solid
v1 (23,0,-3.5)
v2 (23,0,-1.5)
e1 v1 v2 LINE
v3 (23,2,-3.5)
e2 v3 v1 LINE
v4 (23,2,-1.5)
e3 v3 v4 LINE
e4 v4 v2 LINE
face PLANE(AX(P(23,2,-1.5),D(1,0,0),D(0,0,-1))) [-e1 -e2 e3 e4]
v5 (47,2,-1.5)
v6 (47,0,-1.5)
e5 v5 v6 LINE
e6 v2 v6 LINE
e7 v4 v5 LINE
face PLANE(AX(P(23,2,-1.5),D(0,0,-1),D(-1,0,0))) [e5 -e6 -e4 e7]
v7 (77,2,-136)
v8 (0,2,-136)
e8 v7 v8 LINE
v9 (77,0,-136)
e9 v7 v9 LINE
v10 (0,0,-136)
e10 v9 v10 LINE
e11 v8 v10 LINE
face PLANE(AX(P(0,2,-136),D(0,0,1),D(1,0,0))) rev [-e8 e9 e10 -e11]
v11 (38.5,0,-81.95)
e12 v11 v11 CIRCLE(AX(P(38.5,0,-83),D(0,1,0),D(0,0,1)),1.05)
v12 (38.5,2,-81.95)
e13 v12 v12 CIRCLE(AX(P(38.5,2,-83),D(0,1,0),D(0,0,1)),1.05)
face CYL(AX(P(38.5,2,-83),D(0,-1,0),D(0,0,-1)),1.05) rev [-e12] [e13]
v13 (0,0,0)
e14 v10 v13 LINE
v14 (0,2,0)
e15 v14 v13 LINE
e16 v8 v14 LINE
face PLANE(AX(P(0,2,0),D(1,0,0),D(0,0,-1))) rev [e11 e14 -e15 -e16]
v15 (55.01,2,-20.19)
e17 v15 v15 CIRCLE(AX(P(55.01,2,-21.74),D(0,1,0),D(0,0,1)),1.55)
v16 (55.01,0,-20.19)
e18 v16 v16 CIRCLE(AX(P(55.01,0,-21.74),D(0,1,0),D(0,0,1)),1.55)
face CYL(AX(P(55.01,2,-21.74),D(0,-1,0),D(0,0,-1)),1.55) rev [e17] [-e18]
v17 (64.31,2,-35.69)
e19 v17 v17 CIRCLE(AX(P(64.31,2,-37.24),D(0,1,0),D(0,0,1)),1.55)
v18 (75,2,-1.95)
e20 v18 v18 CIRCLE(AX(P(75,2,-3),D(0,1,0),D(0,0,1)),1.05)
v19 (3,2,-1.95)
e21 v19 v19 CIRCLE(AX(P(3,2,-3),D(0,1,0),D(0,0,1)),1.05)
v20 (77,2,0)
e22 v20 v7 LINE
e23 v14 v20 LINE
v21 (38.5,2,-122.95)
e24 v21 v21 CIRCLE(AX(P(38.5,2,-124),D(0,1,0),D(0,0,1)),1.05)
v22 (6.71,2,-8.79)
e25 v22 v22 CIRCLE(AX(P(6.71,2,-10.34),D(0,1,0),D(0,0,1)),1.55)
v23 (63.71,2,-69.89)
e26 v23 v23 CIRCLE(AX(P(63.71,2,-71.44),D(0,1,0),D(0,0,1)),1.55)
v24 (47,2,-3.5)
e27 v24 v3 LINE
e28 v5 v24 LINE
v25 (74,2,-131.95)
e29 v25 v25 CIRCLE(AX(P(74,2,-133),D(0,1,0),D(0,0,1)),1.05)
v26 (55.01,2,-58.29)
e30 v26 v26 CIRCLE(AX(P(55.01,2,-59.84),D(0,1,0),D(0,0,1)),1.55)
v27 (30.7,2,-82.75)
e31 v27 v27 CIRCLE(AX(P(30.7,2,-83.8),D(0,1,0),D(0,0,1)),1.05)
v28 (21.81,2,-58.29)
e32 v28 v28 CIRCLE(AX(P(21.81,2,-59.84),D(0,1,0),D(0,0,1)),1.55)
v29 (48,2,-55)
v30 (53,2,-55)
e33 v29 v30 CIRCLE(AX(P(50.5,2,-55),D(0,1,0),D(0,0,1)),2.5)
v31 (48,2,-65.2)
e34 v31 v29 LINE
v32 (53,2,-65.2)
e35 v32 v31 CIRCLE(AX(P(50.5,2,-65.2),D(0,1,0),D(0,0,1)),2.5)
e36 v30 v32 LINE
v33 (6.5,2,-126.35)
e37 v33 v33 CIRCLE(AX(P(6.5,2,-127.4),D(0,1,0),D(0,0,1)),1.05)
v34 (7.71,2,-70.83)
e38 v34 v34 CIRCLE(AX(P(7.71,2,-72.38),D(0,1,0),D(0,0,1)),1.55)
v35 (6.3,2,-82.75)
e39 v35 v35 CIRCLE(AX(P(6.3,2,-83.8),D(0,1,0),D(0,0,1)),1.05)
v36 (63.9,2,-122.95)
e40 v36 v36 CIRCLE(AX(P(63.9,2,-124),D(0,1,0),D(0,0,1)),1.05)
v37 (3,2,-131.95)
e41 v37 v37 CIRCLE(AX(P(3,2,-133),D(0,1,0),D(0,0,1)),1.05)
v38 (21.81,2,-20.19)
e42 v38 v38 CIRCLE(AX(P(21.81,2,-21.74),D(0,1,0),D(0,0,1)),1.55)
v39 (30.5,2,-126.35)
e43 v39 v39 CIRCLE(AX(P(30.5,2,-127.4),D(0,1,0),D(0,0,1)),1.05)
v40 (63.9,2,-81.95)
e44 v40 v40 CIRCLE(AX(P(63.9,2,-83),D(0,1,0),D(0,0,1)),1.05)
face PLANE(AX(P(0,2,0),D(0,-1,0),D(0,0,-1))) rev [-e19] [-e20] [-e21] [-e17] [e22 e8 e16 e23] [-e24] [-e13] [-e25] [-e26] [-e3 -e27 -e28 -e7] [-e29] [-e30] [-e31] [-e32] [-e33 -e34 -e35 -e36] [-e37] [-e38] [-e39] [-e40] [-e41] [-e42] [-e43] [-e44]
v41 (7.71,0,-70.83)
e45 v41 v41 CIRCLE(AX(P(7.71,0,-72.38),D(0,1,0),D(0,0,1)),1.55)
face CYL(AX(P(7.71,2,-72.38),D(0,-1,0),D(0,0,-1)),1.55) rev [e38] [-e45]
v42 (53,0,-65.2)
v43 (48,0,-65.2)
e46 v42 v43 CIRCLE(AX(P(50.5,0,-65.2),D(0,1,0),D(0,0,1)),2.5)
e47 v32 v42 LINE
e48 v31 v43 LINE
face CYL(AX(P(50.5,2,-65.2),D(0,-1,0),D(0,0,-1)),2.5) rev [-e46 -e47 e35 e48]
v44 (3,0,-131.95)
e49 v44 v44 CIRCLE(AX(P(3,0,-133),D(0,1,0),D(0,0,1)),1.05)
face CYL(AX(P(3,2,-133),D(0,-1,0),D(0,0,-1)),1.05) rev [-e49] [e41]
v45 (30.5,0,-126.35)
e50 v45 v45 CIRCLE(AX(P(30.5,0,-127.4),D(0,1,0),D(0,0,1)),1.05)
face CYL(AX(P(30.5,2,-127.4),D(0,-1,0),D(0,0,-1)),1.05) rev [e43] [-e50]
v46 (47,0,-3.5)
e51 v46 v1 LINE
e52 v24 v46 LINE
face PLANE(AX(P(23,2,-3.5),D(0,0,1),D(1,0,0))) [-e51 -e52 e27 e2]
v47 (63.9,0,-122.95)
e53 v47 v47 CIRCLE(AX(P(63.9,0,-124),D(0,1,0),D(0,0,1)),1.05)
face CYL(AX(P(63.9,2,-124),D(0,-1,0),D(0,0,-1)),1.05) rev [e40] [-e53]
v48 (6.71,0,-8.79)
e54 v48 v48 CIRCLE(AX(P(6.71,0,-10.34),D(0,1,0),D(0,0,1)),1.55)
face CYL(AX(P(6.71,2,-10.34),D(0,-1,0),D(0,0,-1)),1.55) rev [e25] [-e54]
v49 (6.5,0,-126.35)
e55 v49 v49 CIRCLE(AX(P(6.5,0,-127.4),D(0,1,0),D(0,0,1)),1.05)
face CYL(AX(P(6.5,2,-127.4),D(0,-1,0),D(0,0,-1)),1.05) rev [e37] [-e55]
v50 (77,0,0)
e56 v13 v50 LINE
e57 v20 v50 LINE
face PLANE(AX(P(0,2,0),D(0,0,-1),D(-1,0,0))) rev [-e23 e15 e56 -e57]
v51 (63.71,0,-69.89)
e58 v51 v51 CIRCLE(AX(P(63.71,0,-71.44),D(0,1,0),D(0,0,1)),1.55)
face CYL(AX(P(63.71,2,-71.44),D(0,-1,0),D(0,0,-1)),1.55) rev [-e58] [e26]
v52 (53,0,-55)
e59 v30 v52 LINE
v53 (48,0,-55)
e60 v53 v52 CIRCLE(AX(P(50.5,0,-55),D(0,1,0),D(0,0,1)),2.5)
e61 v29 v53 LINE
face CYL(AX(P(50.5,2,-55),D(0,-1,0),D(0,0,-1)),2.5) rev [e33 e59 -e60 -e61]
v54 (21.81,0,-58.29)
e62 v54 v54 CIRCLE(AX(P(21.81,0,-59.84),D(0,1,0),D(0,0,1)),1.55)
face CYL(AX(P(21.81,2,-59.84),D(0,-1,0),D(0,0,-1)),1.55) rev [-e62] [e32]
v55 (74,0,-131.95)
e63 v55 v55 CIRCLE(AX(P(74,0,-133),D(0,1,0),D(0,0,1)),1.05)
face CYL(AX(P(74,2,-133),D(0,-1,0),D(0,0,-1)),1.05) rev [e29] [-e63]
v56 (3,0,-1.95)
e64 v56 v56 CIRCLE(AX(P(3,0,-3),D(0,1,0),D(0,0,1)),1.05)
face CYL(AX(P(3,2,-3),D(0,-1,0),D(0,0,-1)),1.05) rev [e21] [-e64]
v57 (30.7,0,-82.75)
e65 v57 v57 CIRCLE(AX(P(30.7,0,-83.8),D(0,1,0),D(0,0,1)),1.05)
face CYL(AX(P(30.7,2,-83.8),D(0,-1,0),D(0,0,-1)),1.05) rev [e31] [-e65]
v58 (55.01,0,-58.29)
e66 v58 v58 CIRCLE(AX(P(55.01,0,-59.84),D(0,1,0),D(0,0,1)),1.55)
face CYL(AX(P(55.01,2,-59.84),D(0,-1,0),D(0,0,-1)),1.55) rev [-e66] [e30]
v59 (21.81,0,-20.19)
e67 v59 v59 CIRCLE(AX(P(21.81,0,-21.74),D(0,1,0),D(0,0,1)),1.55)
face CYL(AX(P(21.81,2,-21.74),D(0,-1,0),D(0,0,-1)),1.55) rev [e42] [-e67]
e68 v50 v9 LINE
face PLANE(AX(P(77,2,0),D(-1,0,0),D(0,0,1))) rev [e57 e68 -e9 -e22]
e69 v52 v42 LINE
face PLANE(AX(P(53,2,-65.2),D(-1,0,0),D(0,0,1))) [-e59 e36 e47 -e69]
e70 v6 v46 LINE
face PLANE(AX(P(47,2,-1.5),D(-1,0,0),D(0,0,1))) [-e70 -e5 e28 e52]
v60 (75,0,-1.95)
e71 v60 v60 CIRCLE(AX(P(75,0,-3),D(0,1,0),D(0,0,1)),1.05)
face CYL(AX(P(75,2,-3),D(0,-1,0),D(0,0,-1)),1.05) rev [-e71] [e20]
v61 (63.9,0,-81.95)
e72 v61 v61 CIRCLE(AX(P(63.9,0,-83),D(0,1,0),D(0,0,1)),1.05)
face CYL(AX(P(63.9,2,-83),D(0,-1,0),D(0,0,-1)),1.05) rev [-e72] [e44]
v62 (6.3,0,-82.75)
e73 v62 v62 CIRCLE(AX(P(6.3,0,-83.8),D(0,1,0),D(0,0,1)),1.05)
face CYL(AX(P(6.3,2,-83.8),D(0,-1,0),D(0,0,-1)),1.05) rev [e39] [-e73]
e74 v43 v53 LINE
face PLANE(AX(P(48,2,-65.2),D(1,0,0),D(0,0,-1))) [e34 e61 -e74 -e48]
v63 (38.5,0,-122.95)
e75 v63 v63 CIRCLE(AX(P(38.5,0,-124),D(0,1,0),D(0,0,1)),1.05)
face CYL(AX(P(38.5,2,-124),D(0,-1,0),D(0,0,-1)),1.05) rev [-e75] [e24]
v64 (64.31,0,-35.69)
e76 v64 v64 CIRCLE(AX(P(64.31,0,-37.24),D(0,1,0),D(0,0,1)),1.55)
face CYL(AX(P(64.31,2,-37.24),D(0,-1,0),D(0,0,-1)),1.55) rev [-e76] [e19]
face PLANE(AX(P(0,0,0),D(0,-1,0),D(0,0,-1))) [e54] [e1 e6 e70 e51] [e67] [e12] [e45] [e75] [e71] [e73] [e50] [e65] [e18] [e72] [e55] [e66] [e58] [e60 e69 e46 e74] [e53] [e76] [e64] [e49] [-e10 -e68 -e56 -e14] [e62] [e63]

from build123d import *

# Parameters (mm, degrees)
SKETCH_1_W      = 77
SKETCH_1_H      = 136
SKETCH_1_R      = 1.55
SKETCH_1_R_2    = 1.05
SKETCH_1_W_2    = 24
SKETCH_1_H_2    = 2
EXTRUDE_1_DEPTH = 2


with BuildPart() as part:
    # 草图1 → 凸台-拉伸1 (new body)
    with BuildSketch(Plane(origin=(0, 0, 0), x_dir=(1, 0, 0), z_dir=(0, 1, 0))):
        with Locations((38.5, 68)):
            Rectangle(SKETCH_1_W, SKETCH_1_H)
        with Locations(Location((7.71, 72.38, 0), (0, 0, 270))):
            Circle(SKETCH_1_R, mode=Mode.SUBTRACT)
        with Locations(Location((6.71, 10.34, 0), (0, 0, 270))):
            Circle(SKETCH_1_R, mode=Mode.SUBTRACT)
        with Locations(Location((63.71, 71.44, 0), (0, 0, 270))):
            Circle(SKETCH_1_R, mode=Mode.SUBTRACT)
        with Locations(Location((64.31, 37.24, 0), (0, 0, 270))):
            Circle(SKETCH_1_R, mode=Mode.SUBTRACT)
        with Locations(Location((21.81, 21.74, 0), (0, 0, 270))):
            Circle(SKETCH_1_R, mode=Mode.SUBTRACT)
        with Locations(Location((55.01, 21.74, 0), (0, 0, 270))):
            Circle(SKETCH_1_R, mode=Mode.SUBTRACT)
        with Locations(Location((21.81, 59.84, 0), (0, 0, 270))):
            Circle(SKETCH_1_R, mode=Mode.SUBTRACT)
        with Locations(Location((55.01, 59.84, 0), (0, 0, 270))):
            Circle(SKETCH_1_R, mode=Mode.SUBTRACT)
        with Locations(Location((6.5, 127.4, 0), (0, 0, 270))):
            Circle(SKETCH_1_R_2, mode=Mode.SUBTRACT)
        with Locations(Location((30.5, 127.4, 0), (0, 0, 270))):
            Circle(SKETCH_1_R_2, mode=Mode.SUBTRACT)
        with Locations(Location((6.3, 83.8, 0), (0, 0, 270))):
            Circle(SKETCH_1_R_2, mode=Mode.SUBTRACT)
        with Locations(Location((30.7, 83.8, 0), (0, 0, 270))):
            Circle(SKETCH_1_R_2, mode=Mode.SUBTRACT)
        with Locations(Location((38.5, 124, 0), (0, 0, 270))):
            Circle(SKETCH_1_R_2, mode=Mode.SUBTRACT)
        with Locations(Location((63.9, 124, 0), (0, 0, 270))):
            Circle(SKETCH_1_R_2, mode=Mode.SUBTRACT)
        with Locations(Location((38.5, 83, 0), (0, 0, 270))):
            Circle(SKETCH_1_R_2, mode=Mode.SUBTRACT)
        with Locations(Location((63.9, 83, 0), (0, 0, 270))):
            Circle(SKETCH_1_R_2, mode=Mode.SUBTRACT)
        with Locations(Location((3, 3, 0), (0, 0, 270))):
            Circle(SKETCH_1_R_2, mode=Mode.SUBTRACT)
        with Locations(Location((75, 3, 0), (0, 0, 270))):
            Circle(SKETCH_1_R_2, mode=Mode.SUBTRACT)
        with Locations(Location((3, 133, 0), (0, 0, 270))):
            Circle(SKETCH_1_R_2, mode=Mode.SUBTRACT)
        with Locations(Location((74, 133, 0), (0, 0, 270))):
            Circle(SKETCH_1_R_2, mode=Mode.SUBTRACT)
        with BuildLine():
            Line((53, 65.2), (53, 55))
            ThreePointArc((53, 55), (50.5, 52.5), (48, 55))
            Line((48, 55), (48, 65.2))
            ThreePointArc((48, 65.2), (50.5, 67.7), (53, 65.2))
        make_face(mode=Mode.SUBTRACT)
        with Locations((35, 2.5)):
            Rectangle(SKETCH_1_W_2, SKETCH_1_H_2, mode=Mode.SUBTRACT)
    extrude(amount=EXTRUDE_1_DEPTH)


solid = part.part
